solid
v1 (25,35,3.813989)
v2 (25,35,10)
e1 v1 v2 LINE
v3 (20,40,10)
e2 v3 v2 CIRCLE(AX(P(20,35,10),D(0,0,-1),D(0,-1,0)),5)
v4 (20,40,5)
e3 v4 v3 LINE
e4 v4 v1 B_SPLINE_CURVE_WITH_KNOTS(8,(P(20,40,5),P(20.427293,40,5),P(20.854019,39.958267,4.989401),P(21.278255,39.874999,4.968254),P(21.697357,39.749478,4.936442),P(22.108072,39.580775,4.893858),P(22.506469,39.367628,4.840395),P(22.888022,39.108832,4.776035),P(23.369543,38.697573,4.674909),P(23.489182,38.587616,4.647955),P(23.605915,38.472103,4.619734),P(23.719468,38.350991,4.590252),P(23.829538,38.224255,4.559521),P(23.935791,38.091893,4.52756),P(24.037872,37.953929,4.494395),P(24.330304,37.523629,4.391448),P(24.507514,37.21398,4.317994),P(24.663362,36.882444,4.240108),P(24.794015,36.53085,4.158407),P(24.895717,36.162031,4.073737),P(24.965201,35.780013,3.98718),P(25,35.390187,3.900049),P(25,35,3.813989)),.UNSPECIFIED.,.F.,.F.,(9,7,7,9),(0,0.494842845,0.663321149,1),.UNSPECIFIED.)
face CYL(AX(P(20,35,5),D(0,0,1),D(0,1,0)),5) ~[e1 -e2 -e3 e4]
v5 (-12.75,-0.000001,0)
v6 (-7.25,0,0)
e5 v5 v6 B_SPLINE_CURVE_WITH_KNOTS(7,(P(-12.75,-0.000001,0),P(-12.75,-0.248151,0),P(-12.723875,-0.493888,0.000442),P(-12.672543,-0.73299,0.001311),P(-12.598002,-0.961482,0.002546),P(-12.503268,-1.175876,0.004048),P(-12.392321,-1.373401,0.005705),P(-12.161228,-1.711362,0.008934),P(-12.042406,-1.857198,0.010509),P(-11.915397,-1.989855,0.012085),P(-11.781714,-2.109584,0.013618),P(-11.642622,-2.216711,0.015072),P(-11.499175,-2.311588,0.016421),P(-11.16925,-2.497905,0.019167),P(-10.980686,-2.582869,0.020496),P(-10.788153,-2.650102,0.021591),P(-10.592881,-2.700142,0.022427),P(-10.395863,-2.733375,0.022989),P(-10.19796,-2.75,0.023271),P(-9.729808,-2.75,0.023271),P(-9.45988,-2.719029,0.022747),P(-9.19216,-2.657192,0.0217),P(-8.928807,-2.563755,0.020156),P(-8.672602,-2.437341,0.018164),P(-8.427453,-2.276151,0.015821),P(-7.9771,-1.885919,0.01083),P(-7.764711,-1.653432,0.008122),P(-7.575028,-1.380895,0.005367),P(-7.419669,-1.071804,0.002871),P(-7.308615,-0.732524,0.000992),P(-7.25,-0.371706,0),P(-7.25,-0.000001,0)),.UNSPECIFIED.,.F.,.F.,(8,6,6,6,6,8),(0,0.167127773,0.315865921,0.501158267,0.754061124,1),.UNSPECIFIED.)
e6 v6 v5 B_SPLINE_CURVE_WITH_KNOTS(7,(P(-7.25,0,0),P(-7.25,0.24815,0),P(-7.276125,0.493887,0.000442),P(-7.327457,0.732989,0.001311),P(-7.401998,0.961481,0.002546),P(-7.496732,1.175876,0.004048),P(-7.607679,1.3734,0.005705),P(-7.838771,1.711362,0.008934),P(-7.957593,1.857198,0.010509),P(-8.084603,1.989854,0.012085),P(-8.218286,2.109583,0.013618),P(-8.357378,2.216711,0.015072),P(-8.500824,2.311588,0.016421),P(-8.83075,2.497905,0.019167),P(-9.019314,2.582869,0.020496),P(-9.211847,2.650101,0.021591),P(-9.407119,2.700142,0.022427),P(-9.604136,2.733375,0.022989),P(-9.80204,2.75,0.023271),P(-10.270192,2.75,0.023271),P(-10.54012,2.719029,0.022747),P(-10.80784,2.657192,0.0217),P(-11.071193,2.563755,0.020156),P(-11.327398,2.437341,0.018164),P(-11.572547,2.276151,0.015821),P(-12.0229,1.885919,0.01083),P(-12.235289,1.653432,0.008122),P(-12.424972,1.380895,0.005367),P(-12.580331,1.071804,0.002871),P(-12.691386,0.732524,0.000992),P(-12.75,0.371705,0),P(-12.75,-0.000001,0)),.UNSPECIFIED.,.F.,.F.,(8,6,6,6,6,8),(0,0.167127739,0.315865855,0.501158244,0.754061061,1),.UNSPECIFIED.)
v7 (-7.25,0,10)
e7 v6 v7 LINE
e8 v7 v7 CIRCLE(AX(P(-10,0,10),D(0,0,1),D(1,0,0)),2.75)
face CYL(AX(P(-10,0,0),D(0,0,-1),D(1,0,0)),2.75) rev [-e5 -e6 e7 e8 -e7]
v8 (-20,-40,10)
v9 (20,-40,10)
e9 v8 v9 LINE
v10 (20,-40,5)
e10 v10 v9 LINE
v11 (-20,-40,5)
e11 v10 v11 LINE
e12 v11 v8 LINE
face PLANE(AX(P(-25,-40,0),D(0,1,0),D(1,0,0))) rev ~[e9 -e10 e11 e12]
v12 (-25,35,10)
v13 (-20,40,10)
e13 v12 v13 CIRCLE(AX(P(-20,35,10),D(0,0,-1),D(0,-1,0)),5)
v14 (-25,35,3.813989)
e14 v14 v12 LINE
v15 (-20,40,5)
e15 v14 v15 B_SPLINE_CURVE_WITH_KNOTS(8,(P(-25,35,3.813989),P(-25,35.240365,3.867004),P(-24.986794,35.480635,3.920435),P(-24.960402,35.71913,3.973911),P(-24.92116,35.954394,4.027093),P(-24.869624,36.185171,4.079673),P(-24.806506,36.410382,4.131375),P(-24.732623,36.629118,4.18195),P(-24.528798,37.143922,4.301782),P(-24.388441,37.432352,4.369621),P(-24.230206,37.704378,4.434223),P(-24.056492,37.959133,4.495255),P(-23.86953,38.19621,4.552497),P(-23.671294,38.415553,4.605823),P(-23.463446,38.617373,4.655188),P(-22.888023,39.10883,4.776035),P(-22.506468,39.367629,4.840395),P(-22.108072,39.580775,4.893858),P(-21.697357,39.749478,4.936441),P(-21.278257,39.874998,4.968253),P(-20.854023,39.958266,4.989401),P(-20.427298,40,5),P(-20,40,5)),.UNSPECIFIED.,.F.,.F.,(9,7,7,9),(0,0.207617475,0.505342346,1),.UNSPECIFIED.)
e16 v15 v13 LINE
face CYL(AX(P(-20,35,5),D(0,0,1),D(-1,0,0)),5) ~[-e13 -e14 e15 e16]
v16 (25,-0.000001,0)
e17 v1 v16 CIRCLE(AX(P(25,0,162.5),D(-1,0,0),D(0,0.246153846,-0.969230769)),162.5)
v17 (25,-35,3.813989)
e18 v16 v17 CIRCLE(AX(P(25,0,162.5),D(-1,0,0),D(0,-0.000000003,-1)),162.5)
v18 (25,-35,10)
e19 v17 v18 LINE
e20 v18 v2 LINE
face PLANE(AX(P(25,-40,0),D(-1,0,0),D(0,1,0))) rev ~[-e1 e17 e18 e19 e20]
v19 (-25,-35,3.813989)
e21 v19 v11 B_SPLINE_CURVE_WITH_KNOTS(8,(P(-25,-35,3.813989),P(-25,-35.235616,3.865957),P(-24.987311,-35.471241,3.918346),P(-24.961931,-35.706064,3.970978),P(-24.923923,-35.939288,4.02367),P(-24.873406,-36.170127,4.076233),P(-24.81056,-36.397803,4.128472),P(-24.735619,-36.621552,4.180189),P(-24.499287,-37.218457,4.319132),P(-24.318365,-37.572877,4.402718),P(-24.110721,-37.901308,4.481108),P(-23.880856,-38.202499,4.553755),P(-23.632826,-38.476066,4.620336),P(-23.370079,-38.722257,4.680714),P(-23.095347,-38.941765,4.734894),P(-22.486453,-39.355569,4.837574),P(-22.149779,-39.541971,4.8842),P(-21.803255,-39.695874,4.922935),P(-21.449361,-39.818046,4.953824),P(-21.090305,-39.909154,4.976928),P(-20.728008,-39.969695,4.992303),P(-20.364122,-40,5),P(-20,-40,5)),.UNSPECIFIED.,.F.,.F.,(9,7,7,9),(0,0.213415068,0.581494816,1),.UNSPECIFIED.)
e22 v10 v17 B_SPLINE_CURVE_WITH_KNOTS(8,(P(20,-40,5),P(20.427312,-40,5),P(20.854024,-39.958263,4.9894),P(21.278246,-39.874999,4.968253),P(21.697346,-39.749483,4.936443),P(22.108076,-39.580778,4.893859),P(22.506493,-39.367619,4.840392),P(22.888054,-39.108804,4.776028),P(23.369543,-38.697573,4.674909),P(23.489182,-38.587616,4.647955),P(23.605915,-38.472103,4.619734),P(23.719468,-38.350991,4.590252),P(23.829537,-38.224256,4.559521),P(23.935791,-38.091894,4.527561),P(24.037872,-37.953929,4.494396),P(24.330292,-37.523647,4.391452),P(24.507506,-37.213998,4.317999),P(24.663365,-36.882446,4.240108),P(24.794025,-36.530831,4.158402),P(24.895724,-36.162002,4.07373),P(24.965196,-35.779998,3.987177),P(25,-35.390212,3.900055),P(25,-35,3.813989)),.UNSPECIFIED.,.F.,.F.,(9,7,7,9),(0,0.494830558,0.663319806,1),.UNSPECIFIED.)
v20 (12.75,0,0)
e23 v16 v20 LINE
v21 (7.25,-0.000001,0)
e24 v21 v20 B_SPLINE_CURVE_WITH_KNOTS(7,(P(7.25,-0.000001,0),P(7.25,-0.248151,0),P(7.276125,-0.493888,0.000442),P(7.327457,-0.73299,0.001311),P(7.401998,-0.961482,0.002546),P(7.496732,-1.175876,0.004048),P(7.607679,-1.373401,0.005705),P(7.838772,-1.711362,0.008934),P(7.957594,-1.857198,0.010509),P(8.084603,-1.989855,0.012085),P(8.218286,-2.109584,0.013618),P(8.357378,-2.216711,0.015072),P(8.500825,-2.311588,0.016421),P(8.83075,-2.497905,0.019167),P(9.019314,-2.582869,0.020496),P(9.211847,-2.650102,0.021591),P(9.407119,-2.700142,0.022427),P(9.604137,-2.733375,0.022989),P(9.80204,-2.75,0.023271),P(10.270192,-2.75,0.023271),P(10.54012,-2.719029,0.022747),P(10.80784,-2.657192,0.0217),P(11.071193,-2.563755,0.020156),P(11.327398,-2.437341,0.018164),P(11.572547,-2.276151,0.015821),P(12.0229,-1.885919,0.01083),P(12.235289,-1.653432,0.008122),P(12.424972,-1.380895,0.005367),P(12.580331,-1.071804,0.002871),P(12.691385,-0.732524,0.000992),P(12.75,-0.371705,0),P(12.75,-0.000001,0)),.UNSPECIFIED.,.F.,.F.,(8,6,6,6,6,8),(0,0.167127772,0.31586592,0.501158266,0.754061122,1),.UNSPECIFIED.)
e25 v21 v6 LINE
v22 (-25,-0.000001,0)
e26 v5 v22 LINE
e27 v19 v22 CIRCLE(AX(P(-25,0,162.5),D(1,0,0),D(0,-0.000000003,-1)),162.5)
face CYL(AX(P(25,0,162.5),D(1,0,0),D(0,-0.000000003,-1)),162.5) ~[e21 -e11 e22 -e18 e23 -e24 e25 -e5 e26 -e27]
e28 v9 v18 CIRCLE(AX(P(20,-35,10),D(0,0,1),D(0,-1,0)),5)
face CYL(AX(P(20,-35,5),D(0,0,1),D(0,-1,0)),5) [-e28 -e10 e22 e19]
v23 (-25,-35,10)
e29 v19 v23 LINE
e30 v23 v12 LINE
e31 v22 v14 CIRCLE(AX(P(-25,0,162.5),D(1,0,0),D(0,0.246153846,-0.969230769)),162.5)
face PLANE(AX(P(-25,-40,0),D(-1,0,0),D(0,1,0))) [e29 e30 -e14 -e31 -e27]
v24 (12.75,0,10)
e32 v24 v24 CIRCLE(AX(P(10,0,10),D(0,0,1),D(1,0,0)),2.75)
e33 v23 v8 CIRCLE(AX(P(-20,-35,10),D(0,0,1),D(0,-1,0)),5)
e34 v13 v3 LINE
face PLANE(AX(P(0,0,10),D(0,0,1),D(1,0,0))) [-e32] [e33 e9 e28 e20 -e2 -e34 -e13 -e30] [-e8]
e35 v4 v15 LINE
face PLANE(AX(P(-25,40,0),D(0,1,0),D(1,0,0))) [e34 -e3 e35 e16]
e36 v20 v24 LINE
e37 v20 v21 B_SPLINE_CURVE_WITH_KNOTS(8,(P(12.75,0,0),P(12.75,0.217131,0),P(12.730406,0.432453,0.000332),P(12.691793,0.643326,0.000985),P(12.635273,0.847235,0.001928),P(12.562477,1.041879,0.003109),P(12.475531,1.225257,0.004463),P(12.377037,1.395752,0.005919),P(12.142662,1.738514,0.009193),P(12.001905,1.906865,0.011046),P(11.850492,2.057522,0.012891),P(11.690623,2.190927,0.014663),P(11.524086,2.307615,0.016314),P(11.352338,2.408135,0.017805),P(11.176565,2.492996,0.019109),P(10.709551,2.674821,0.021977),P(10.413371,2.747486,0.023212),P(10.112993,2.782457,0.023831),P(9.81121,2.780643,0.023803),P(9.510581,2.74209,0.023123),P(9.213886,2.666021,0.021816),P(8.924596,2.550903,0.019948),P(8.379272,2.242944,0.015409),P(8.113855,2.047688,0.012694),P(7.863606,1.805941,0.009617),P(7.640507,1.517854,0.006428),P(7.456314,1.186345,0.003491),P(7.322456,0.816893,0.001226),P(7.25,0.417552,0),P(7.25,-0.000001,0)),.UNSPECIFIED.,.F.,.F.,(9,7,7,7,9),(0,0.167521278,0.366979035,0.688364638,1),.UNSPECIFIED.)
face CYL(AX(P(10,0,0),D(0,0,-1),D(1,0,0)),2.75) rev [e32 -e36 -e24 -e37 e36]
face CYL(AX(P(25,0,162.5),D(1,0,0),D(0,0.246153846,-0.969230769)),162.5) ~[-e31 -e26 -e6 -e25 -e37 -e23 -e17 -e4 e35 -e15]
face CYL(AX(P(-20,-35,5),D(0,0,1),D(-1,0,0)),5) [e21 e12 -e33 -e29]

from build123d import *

# Parameters (mm, degrees)
F0_W     = 50
F0_H     = 80
F0_R     = 2.75
F1_DEPTH = 10
F3_DEPTH = 50.001
F4_R     = 5


with BuildPart() as f1:
    # F0 (on Top) → F1 (new body)
    with BuildSketch(Plane.XY):
        Rectangle(F0_W, F0_H)
        with Locations((-10, 0)):
            Circle(F0_R, mode=Mode.SUBTRACT)
        with Locations((10, 0)):
            Circle(F0_R, mode=Mode.SUBTRACT)
    extrude(amount=F1_DEPTH)

    # F2 (on face) → F3 (cut, through all)
    with BuildSketch(Plane.YZ.offset(25)):
        with BuildLine():
            ThreePointArc((40, 5), (20.1556440913, 1.2548449991), (-5.632e-07, 0))
            Line((-5.632e-07, 0), (40, 0))
            Line((40, 0), (40, 5))
        make_face()
        with BuildLine():
            ThreePointArc((-5.632e-07, 0), (-20.1556446502, 1.254845069), (-40, 5))
            Line((-40, 5), (-40, 0))
            Line((-40, 0), (-5.632e-07, 0))
        make_face()
    extrude(amount=-F3_DEPTH, mode=Mode.SUBTRACT)

    # F4
    f4_edges = [f1.edges().sort_by_distance(p)[0] for p in [
        (25, -40, 7.5),
        (-25, -40, 7.5),
        (25, 40, 7.5),
        (-25, 40, 7.5),
    ]]
    fillet(f4_edges, radius=F4_R)


solid = f1.part
